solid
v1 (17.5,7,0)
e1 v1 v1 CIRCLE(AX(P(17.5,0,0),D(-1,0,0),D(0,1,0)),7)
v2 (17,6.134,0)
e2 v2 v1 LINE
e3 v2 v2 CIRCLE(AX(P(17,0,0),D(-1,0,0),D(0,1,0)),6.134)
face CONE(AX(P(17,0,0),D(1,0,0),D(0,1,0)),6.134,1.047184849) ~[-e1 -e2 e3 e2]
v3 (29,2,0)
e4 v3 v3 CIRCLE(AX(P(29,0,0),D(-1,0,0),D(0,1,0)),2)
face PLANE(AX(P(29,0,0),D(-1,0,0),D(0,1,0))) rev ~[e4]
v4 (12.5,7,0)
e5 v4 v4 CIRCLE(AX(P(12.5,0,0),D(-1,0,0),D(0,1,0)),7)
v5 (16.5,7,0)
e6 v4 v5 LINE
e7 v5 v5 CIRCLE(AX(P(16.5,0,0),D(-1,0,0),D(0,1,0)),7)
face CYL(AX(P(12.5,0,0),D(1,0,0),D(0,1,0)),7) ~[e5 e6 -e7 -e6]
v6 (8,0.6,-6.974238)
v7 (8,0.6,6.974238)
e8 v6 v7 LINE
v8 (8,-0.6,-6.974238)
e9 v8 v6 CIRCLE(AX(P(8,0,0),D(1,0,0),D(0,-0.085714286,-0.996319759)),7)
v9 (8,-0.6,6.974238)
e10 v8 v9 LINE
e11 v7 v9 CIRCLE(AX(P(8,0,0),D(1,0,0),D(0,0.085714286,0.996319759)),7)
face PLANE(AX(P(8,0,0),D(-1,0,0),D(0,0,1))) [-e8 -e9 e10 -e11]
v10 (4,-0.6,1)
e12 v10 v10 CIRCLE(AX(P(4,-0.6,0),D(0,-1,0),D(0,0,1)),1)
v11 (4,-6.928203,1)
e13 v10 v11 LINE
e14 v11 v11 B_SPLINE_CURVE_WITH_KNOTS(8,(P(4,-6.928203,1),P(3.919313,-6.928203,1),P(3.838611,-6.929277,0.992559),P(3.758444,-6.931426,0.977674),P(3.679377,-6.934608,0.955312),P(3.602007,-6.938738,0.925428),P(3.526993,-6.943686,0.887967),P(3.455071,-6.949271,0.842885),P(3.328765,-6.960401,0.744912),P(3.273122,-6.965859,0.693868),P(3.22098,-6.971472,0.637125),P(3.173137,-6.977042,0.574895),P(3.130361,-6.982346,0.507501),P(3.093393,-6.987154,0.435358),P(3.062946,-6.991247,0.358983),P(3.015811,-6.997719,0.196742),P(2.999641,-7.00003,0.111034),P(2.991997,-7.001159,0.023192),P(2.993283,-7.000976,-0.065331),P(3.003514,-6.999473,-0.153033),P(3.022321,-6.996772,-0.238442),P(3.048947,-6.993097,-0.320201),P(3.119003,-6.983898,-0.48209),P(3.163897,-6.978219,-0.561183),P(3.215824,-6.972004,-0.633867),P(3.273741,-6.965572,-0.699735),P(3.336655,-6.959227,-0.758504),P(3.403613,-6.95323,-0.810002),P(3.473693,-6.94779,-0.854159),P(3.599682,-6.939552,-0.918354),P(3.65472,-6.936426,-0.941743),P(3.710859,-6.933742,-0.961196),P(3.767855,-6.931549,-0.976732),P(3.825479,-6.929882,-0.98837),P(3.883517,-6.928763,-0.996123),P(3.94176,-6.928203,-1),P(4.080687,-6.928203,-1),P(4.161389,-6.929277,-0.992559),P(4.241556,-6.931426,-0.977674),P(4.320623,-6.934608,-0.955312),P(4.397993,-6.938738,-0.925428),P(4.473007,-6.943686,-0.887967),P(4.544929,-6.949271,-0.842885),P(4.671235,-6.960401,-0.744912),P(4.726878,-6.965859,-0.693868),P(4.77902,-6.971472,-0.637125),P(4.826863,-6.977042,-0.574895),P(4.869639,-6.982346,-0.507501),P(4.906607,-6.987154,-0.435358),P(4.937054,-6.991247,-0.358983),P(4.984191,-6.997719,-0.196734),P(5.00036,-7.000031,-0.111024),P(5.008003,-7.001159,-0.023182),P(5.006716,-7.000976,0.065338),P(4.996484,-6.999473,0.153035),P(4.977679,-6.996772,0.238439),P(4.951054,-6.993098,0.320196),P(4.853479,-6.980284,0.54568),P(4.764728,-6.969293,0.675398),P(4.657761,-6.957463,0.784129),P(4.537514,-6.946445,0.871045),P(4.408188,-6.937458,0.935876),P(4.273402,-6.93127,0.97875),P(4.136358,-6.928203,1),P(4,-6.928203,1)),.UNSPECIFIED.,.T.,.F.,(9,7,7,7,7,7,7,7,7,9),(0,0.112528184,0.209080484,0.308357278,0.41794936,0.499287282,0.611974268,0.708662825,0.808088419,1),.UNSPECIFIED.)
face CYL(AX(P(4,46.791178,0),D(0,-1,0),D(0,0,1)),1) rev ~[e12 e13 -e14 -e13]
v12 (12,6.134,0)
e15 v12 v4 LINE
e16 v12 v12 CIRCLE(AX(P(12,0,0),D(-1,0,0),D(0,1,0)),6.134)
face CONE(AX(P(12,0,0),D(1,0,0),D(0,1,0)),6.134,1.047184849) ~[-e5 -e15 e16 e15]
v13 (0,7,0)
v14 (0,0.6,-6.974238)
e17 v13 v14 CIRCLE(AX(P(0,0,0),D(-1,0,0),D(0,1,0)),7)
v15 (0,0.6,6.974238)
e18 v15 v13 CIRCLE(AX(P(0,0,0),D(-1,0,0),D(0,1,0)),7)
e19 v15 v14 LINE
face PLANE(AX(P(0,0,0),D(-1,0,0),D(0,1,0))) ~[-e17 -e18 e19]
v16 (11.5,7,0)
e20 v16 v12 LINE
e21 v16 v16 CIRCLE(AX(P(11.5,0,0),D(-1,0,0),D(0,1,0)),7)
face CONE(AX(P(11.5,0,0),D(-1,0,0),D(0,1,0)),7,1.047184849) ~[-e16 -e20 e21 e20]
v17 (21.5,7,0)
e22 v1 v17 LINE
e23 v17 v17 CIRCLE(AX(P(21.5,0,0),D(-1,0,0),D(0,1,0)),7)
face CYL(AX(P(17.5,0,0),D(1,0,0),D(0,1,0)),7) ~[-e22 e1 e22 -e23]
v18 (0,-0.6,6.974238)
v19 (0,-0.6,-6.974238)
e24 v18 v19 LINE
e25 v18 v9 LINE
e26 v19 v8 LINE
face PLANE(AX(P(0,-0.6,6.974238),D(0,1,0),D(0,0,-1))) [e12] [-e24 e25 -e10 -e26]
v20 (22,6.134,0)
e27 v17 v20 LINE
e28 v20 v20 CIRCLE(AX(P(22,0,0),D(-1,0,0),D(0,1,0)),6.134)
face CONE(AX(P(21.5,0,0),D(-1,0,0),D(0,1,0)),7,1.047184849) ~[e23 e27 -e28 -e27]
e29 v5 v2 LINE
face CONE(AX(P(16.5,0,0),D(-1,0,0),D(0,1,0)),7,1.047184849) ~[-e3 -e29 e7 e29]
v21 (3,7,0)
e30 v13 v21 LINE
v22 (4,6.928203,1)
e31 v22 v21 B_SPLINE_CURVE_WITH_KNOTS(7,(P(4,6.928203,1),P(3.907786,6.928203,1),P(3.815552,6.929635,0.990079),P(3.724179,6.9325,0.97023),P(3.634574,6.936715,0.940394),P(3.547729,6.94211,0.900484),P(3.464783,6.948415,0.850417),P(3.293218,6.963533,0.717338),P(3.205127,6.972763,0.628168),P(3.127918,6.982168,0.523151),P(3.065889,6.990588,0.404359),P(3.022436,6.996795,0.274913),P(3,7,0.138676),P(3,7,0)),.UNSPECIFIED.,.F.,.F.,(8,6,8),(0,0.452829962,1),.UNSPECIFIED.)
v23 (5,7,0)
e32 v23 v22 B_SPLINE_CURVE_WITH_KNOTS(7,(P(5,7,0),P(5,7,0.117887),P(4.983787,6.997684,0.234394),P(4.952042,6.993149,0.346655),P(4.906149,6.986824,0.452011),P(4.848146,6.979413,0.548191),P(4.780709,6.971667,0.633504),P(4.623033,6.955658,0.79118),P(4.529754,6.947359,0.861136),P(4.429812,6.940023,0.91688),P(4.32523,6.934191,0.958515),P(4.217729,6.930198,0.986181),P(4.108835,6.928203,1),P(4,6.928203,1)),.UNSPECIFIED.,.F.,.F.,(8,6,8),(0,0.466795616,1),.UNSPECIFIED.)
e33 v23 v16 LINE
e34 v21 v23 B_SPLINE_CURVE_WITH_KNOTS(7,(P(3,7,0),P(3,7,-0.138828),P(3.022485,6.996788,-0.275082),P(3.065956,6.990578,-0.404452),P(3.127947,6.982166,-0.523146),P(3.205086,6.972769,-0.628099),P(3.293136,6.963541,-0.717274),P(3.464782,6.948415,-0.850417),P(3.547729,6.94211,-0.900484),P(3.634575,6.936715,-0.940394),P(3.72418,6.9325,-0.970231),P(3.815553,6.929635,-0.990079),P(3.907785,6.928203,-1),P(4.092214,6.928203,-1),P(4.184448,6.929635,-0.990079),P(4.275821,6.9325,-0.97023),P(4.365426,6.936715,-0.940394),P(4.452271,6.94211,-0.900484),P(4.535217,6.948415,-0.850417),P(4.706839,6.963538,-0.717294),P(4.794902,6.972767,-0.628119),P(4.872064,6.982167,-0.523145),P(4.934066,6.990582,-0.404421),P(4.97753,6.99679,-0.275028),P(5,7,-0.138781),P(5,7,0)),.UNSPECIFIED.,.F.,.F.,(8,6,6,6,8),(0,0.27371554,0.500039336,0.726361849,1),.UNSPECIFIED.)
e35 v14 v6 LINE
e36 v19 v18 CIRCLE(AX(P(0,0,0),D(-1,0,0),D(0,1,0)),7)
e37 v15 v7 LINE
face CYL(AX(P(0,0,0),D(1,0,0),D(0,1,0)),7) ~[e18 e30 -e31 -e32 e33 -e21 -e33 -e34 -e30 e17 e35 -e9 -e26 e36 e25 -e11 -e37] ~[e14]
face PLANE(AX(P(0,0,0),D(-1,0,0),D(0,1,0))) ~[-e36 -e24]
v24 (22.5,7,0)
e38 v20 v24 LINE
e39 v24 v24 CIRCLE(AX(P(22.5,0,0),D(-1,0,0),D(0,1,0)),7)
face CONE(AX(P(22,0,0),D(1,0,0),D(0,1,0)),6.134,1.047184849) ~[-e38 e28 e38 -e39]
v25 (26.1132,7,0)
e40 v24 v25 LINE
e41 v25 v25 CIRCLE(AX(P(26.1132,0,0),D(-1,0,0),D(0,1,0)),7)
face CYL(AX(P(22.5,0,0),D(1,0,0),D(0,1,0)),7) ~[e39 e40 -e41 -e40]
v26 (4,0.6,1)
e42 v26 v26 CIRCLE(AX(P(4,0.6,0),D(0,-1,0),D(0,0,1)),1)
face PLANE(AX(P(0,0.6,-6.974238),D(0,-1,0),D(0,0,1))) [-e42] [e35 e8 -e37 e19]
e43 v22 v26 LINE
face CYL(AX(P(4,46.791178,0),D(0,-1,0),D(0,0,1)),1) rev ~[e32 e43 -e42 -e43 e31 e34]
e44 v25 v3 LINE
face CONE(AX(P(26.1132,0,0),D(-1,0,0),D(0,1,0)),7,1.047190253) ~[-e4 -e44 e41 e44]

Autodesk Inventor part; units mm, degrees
ref_plane "YZ Plane" through (0, 0, 0) normal (1, 0, 0) x (0, 1, 0)
ref_plane "XY Plane" through (0, 0, 0) normal (0, 0, 1) x (1, 0, 0)
sketch "Skizze4" plane through (0, 0, 0) normal (0, 0, 1) x (1, 0, 0)
  line L0 (0, 0) -> (0, 7)
  line L1 (0, 7) -> (11.5, 7)
  line L2 (11.5, 7) -> (12, 6.134)
  line L3 (12, 6.134) -> (12.5, 7)
  line L4 (12.5, 7) -> (16.5, 7)
  line L5 (16.5, 7) -> (17, 6.134)
  line L6 (17, 6.134) -> (17.5, 7)
  line L7 (17.5, 7) -> (21.5, 7)
  line L8 (21.5, 7) -> (22, 6.134)
  line L9 (22, 6.134) -> (22.5, 7)
  line L10 (22.5, 7) -> (26.1132, 7)
  line L11 (26.1132, 7) -> (29, 2)
  line L12 (29, 2) -> (29, 0)
  line L13 (29, 0) -> (0, 0)
  line L14 (12, 6.134) -> (12, 7.9514) construction
  line L15 (17, 6.134) -> (17, 8.1262) construction
  line L16 (22, 6.134) -> (22, 7.8166) construction
  point P0 (29, 1)
  dimension "d7" = 1
  dimension "d8" = 60
  dimension "d9" = 4
  dimension "d10" = 14
  dimension "d11" = 7
  dimension "d12" = 29
  dimension "d13" = 12
  dimension "d14" = 17
  dimension "d15" = 30
  dimension "d16" = 1
revolve "Umdrehung1" add sketch "Skizze4" angle 360 about axis through (29, 0, 0) along (-1, 0, 0)
sketch "Skizze5" plane through (0, 0, 0) normal (-1, 0, 0) x (0, 0, 1)
  circle A0 centre (0, 0) radius 7 projected
  line L0 (-7, 0.6) -> (7, 0.6)
  line L1 (7, 0.6) -> (7, -0.6)
  line L2 (7, -0.6) -> (-7, -0.6)
  line L3 (-7, -0.6) -> (-7, 0.6)
  circle A1 centre (0, 0) radius 7 projected
  line L4 (-7, 0) -> (7.2864, 0) construction
  dimension "d18" = 1.2
extrude "Extrusion1" cut sketch "Skizze5" against normal blind 8 contours A0 L2 L0 | L1 L2 A0 | A0 L0 L1 | A0 L3 L0 | L2 L3 A0
ref_plane "Arbeitsebene1" through (0, 0, 0) normal (0, 1, 0) x (-1, 0, 0)
sketch "Skizze6" plane through (0, 0, 0) normal (0, 1, 0) x (-1, 0, 0)
  point P0 (0, 0)
  point P1 (-4, 0)
  dimension "d22" = 4
hole "Bohrung1" at (4, 0, 0) direction (0, -1, 0) diameter 2 end through all both
properties part number "arbeitskolben" material "Blei"
